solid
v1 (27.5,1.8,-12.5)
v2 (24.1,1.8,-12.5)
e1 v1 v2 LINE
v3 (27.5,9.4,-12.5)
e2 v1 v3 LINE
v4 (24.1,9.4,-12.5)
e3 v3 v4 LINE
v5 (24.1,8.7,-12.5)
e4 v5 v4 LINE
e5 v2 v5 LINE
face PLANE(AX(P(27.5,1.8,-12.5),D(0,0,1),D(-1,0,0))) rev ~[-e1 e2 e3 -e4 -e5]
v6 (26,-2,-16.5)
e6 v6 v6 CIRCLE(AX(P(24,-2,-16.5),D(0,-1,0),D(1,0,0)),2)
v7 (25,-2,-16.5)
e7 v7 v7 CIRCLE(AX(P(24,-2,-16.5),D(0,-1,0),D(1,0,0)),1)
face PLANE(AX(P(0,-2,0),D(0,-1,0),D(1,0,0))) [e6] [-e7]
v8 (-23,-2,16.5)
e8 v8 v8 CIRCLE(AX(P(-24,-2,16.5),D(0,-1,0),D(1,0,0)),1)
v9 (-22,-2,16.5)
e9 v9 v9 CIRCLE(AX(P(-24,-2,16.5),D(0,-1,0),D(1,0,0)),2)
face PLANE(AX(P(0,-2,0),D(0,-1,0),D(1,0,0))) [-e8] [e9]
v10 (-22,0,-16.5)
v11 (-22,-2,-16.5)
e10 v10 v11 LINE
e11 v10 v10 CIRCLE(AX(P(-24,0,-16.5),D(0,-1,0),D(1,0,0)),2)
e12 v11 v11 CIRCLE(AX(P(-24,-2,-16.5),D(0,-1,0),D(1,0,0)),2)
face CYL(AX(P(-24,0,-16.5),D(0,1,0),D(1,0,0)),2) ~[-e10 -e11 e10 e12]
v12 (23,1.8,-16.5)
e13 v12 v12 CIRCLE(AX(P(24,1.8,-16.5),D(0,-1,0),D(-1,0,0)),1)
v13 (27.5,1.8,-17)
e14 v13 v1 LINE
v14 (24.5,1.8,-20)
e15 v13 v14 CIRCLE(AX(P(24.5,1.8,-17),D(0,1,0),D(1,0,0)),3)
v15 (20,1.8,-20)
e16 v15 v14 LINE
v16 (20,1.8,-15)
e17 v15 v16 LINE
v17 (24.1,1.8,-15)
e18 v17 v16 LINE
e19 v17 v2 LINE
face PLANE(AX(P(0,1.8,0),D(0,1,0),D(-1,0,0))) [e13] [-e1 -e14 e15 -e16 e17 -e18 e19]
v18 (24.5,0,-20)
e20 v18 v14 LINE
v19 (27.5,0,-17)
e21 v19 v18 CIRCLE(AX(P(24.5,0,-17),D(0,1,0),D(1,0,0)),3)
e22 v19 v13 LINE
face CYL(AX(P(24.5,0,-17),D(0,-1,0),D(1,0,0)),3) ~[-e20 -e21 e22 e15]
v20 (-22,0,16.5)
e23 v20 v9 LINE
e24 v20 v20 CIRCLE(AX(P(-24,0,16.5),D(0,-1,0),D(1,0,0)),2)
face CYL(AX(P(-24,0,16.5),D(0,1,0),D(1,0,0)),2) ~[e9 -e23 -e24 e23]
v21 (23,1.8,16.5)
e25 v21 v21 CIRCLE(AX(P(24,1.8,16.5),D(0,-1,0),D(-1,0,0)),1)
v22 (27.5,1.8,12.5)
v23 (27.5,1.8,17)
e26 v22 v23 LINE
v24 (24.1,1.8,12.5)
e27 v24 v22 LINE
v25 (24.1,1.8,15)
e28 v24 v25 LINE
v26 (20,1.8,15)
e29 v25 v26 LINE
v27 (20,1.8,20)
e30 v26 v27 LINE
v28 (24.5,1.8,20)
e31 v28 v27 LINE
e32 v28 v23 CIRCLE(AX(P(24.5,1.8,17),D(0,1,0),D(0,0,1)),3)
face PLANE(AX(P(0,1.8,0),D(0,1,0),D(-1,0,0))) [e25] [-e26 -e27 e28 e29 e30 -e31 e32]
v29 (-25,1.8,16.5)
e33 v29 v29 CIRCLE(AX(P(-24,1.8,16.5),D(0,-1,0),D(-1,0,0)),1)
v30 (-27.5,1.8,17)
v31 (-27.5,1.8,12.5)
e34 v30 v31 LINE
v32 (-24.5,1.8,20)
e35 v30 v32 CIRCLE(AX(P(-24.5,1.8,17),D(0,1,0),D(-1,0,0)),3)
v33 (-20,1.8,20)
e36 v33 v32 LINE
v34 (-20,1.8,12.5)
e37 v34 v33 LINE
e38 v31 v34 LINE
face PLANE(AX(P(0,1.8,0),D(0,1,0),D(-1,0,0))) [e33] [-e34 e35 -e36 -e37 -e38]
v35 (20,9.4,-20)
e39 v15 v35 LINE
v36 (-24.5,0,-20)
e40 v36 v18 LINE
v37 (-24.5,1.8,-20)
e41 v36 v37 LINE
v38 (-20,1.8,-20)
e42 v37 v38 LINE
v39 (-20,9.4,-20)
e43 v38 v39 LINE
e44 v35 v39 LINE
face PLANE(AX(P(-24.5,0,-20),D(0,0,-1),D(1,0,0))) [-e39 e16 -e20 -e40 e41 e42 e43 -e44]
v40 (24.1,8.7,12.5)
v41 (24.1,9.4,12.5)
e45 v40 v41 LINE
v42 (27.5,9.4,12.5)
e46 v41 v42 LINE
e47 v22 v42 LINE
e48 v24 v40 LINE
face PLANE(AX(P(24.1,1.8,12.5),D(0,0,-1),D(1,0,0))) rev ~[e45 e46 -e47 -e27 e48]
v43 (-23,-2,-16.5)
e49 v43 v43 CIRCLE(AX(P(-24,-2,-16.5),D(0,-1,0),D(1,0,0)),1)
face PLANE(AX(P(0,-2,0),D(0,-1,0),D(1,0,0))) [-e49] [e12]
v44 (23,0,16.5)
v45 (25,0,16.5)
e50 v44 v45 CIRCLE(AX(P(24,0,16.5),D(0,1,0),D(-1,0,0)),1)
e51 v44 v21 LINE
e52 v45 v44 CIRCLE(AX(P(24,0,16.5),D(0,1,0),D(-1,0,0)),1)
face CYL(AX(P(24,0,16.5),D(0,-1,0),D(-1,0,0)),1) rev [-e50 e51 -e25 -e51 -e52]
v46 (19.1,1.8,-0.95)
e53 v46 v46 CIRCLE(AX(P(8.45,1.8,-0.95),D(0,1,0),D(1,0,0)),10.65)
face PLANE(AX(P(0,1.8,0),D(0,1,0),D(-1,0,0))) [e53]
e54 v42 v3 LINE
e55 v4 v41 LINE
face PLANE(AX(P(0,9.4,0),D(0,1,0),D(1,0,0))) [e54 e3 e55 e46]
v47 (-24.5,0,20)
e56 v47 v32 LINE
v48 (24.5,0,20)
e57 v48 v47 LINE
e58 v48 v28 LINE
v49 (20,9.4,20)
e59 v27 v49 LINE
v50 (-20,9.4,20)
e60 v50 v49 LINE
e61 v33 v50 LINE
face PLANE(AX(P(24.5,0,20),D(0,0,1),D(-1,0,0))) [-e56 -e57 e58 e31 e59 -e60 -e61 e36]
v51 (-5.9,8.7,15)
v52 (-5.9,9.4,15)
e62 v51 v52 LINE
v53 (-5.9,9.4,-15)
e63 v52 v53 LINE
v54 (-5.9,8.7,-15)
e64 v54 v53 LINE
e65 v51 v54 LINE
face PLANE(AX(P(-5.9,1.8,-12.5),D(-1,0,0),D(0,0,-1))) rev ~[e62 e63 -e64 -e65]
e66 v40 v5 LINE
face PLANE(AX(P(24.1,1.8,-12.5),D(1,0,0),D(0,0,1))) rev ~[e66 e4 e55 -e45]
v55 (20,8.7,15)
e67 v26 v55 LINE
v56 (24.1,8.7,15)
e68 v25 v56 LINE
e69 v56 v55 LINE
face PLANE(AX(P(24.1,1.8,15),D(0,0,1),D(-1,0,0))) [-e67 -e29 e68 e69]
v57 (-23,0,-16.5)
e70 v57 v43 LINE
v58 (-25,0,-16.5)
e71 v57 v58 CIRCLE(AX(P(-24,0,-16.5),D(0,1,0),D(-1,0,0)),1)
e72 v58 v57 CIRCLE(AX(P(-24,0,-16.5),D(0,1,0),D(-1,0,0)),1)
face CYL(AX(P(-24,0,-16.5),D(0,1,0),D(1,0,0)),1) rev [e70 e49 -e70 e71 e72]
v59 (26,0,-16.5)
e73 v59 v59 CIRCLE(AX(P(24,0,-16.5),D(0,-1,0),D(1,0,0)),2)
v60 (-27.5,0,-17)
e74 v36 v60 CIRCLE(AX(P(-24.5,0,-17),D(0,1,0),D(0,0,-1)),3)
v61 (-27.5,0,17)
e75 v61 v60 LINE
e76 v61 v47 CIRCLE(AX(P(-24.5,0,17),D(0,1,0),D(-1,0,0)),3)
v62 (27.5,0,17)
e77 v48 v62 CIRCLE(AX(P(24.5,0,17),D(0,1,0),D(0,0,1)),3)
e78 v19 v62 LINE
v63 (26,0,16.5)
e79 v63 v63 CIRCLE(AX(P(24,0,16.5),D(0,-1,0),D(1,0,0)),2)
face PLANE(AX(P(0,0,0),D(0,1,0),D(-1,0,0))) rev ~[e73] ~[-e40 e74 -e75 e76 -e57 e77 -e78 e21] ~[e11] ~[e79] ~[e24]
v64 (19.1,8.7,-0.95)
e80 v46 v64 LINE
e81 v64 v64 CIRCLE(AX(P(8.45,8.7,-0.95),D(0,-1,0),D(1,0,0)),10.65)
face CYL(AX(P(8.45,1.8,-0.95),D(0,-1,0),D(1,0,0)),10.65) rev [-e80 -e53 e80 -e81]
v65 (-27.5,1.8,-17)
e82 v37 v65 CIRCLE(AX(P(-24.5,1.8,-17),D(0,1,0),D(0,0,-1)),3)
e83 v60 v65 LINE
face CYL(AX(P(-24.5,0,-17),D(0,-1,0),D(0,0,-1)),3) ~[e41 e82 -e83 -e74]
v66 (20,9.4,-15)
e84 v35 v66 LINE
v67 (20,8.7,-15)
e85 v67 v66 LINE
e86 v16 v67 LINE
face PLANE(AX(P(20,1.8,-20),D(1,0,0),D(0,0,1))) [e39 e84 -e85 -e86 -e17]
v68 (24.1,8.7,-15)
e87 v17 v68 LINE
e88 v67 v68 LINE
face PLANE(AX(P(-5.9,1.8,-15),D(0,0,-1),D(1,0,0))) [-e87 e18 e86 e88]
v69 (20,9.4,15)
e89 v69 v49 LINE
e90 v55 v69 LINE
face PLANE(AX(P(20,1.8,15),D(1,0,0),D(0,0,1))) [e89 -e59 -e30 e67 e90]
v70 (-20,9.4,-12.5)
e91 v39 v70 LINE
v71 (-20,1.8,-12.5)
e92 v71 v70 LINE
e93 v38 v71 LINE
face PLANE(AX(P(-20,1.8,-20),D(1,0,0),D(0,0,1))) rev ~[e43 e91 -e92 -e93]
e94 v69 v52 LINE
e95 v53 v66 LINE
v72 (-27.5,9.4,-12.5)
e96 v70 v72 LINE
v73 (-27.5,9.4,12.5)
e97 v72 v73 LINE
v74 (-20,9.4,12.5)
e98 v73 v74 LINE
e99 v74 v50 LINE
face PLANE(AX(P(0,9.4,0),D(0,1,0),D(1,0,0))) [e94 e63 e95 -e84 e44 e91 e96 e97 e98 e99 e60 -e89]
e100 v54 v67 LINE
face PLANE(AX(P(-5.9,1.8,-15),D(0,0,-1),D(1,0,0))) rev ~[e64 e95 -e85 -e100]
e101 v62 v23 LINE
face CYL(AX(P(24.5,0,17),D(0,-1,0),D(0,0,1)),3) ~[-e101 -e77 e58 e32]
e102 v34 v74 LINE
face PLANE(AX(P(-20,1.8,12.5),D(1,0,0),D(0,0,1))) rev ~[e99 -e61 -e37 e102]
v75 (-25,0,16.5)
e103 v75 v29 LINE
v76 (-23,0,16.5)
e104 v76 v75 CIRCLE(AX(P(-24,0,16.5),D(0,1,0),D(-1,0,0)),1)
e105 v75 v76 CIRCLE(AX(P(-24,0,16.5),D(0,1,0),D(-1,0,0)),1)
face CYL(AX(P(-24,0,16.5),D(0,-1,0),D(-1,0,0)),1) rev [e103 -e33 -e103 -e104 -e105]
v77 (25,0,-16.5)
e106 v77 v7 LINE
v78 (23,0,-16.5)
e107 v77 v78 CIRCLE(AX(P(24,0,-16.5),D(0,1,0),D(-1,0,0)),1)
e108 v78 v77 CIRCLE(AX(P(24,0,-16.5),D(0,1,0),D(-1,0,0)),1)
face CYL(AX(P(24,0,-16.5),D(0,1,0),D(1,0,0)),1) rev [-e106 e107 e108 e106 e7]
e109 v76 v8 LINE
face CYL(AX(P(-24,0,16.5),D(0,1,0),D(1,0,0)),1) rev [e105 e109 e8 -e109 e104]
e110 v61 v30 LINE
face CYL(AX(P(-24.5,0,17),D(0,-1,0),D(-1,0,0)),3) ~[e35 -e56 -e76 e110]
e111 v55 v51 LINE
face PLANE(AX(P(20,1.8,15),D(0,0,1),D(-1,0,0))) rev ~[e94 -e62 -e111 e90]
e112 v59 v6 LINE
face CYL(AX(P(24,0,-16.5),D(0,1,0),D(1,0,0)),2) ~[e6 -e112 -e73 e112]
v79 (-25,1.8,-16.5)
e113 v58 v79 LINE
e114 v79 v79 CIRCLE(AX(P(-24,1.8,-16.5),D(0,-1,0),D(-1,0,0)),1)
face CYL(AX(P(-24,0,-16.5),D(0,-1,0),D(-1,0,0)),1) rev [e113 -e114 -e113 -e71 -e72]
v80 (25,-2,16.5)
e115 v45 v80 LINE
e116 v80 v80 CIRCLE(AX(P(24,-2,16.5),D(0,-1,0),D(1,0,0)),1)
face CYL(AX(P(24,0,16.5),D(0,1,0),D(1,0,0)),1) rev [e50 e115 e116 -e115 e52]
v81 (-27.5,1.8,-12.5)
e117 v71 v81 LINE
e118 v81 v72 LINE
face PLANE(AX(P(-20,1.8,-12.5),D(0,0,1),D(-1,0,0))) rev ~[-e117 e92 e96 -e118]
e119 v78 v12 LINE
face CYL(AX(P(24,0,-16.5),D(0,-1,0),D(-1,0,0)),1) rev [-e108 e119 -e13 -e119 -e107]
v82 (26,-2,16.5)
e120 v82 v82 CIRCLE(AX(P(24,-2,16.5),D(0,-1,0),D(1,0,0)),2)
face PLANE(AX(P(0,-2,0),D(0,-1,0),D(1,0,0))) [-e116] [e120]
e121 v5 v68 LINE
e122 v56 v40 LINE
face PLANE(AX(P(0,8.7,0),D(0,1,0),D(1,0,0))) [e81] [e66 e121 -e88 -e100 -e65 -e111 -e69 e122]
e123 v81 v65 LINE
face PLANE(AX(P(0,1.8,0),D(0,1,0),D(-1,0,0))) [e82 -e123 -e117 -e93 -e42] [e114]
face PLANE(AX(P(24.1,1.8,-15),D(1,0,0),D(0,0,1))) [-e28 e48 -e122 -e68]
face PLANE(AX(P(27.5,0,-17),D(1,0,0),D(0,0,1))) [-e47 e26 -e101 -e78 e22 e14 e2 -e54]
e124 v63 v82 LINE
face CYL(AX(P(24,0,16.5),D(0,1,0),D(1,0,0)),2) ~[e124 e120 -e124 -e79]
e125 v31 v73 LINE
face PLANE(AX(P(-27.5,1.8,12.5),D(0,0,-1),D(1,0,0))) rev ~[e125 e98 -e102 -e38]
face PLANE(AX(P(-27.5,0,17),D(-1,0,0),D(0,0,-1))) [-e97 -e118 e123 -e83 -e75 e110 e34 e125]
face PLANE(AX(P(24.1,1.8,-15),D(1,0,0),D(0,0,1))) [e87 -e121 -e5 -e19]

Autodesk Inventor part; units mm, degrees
ref_plane "YZ Plane" through (0, 0, 0) normal (1, 0, 0) x (0, 1, 0)
ref_plane "XZ Plane" through (0, 0, 0) normal (0, 1, 0) x (-1, 0, 0)
ref_plane "XY Plane" through (0, 0, 0) normal (0, 0, 1) x (1, 0, 0)
sketch "Эскиз1" plane through (0, 0, 0) normal (0, 1, 0) x (-1, 0, 0)
  line L0 (-24.5, 20) -> (24.5, 20)
  line L1 (27.5, 17) -> (27.5, -17)
  line L2 (24.5, -20) -> (-24.5, -20)
  line L3 (-27.5, -17) -> (-27.5, 17)
  line L4 (-27.5, 20) -> (27.5, -20) construction
  line L5 (27.5, 20) -> (-27.5, -20) construction
  arc A0 (24.5, -20) -> (27.5, -17) centre (24.5, -17) ccw
  arc A1 (-27.5, -17) -> (-24.5, -20) centre (-24.5, -17) ccw
  arc A2 (-24.5, 20) -> (-27.5, 17) centre (-24.5, 17) ccw
  arc A3 (27.5, 17) -> (24.5, 20) centre (24.5, 17) ccw
  line L6 (-24, 16.5) -> (24, 16.5)
  line L7 (24, 16.5) -> (24, -16.5)
  line L8 (24, -16.5) -> (-24, -16.5)
  line L9 (-24, -16.5) -> (-24, 16.5)
  line L10 (-24, 16.5) -> (24, -16.5) construction
  line L11 (24, 16.5) -> (-24, -16.5) construction
  circle A4 centre (24, 16.5) radius 1
  circle A5 centre (24, -16.5) radius 1
  circle A6 centre (-24, -16.5) radius 1
  circle A7 centre (-24, 16.5) radius 1
  point P0 (0, 0)
  dimension "d0" = 55
  dimension "d1" = 40
  dimension "d2" = 3
  dimension "d3" = 3
  dimension "d30" = 48
  dimension "d31" = 33
  dimension "d32" = 2
  dimension "d33" = 2
  dimension "d34" = 2
  dimension "d35" = 2
extrude "Выдавливание1" add sketch "Эскиз1" along normal blind 1.8 contours L0 A3 L1 A0 L2 A1 L3 A2 | L6 A4 L7 A5 L8 A6 L9 A7
sketch "Эскиз2" plane through (0, 1.8, 0) normal (0, 1, 0) x (1, 0, 0)
  line L0 (-5.9, 15) -> (24.1, 15)
  line L1 (24.1, 15) -> (24.1, -15)
  line L2 (24.1, -15) -> (-5.9, -15)
  line L3 (-5.9, -15) -> (-5.9, 15)
  line L4 (-5.9, 15) -> (24.1, -15) construction
  line L5 (24.1, 15) -> (-5.9, -15) construction
  line L6 (27.5, -17) -> (27.5, 17) projected
  line L7 (-27.5, 17) -> (-27.5, -17) projected
  line L8 (-27.5, 0) -> (27.5, 0)
  circle A0 centre (8.45, 0.95) radius 10.65
  line L9 (8.45, 15) -> (8.45, 0.95)
  line L10 (8.45, 11.6) -> (8.45, 15)
  line L11 (-5.9, 0.95) -> (8.45, 0.95)
  line L12 (-5.9, 0.95) -> (-2.2, 0.95)
  point P0 (0, 0)
  point P1 (9.1, 0)
  dimension "d10" = 30
  dimension "d11" = 30
  dimension "d12" = 3.4
  dimension "d13" = 21.3
  dimension "d14" = 3.4
  dimension "d15" = 3.7
extrude "Выдавливание2" add sketch "Эскиз2" along normal blind 6.9 contours L0 L9 A0 L11 L3 | L0 L1 L8 A0 L9 | L11 A0 L8 L3 | L8 A0 L1 L2 L3
sketch "Эскиз3" plane through (0, 1.8, 0) normal (0, 1, 0) x (1, 0, 0)
  line L0 (24.5, 20) -> (-24.5, 20) projected
  arc A0 (-24.5, 20) -> (-27.5, 17) centre (-24.5, 17) ccw projected
  line L1 (-27.5, 17) -> (-27.5, -17) projected
  arc A1 (-27.5, -17) -> (-24.5, -20) centre (-24.5, -17) ccw projected
  line L2 (-24.5, -20) -> (24.5, -20) projected
  arc A2 (24.5, -20) -> (27.5, -17) centre (24.5, -17) ccw projected
  line L3 (27.5, -17) -> (27.5, 17) projected
  arc A3 (27.5, 17) -> (24.5, 20) centre (24.5, 17) ccw projected
  line L4 (-5.9, 15) -> (24.1, 15) projected
  line L5 (24.1, 15) -> (24.1, -15) projected
  line L6 (24.1, -15) -> (-5.9, -15) projected
  line L7 (-5.9, -15) -> (-5.9, 15) projected
  line L8 (24.5, 20) -> (-24.5, 20) projected
  line L9 (-20, 20) -> (-20, -20)
  line L10 (-27.5, 17) -> (-27.5, -17) projected
  line L11 (-27.5, -12.5) -> (27.5, -12.5)
  line L12 (27.5, -17) -> (27.5, 17) projected
  line L13 (20, 20) -> (20, -20)
  line L14 (-24.5, -20) -> (24.5, -20) projected
  line L15 (27.5, 12.5) -> (-27.5, 12.5)
  point P0 (0, 0)
  point P1 (24.1, 12.5)
  point P2 (24.1, -12.5)
  point P3 (-20, 12.5)
  point P4 (-20, -12.5)
  point P5 (20, -15)
  point P6 (20, 15)
  dimension "d18" = 7.5
  dimension "d19" = 7.5
  dimension "d20" = 7.5
  dimension "d21" = 7.5
extrude "Выдавливание3" add sketch "Эскиз3" along normal blind 7.6 contours L13 L4 L7 L15 L9 L0 | L3 L11 L5 L15 | L15 L7 L11 L9 | L9 L11 L1 L15 | L11 L7 L6 L13 L2 L9
sketch "Эскиз4" plane through (0, 0, 0) normal (0, -1, 0) x (1, 0, 0)
  circle A0 centre (-24, 16.5) radius 1 projected
  circle A1 centre (-24, 16.5) radius 2
  circle A2 centre (-24, -16.5) radius 1 projected
  circle A3 centre (-24, -16.5) radius 2
  circle A4 centre (24, -16.5) radius 1 projected
  circle A5 centre (24, -16.5) radius 2
  circle A6 centre (24, 16.5) radius 1 projected
  circle A7 centre (24, 16.5) radius 2
  point P0 (-24.5, 17)
  point P1 (24.5, 17)
  point P2 (24.5, -17)
  point P3 (-24.5, -17)
  dimension "d36" = 4
  dimension "d37" = 4
  dimension "d38" = 4
  dimension "d39" = 4
extrude "Выдавливание4" add sketch "Эскиз4" along normal blind 2
equation "\"d19\" = d18"
equation "\"d20\" = d18"
equation "\"d21\" = d18"
properties part number "PRI_cooler"
